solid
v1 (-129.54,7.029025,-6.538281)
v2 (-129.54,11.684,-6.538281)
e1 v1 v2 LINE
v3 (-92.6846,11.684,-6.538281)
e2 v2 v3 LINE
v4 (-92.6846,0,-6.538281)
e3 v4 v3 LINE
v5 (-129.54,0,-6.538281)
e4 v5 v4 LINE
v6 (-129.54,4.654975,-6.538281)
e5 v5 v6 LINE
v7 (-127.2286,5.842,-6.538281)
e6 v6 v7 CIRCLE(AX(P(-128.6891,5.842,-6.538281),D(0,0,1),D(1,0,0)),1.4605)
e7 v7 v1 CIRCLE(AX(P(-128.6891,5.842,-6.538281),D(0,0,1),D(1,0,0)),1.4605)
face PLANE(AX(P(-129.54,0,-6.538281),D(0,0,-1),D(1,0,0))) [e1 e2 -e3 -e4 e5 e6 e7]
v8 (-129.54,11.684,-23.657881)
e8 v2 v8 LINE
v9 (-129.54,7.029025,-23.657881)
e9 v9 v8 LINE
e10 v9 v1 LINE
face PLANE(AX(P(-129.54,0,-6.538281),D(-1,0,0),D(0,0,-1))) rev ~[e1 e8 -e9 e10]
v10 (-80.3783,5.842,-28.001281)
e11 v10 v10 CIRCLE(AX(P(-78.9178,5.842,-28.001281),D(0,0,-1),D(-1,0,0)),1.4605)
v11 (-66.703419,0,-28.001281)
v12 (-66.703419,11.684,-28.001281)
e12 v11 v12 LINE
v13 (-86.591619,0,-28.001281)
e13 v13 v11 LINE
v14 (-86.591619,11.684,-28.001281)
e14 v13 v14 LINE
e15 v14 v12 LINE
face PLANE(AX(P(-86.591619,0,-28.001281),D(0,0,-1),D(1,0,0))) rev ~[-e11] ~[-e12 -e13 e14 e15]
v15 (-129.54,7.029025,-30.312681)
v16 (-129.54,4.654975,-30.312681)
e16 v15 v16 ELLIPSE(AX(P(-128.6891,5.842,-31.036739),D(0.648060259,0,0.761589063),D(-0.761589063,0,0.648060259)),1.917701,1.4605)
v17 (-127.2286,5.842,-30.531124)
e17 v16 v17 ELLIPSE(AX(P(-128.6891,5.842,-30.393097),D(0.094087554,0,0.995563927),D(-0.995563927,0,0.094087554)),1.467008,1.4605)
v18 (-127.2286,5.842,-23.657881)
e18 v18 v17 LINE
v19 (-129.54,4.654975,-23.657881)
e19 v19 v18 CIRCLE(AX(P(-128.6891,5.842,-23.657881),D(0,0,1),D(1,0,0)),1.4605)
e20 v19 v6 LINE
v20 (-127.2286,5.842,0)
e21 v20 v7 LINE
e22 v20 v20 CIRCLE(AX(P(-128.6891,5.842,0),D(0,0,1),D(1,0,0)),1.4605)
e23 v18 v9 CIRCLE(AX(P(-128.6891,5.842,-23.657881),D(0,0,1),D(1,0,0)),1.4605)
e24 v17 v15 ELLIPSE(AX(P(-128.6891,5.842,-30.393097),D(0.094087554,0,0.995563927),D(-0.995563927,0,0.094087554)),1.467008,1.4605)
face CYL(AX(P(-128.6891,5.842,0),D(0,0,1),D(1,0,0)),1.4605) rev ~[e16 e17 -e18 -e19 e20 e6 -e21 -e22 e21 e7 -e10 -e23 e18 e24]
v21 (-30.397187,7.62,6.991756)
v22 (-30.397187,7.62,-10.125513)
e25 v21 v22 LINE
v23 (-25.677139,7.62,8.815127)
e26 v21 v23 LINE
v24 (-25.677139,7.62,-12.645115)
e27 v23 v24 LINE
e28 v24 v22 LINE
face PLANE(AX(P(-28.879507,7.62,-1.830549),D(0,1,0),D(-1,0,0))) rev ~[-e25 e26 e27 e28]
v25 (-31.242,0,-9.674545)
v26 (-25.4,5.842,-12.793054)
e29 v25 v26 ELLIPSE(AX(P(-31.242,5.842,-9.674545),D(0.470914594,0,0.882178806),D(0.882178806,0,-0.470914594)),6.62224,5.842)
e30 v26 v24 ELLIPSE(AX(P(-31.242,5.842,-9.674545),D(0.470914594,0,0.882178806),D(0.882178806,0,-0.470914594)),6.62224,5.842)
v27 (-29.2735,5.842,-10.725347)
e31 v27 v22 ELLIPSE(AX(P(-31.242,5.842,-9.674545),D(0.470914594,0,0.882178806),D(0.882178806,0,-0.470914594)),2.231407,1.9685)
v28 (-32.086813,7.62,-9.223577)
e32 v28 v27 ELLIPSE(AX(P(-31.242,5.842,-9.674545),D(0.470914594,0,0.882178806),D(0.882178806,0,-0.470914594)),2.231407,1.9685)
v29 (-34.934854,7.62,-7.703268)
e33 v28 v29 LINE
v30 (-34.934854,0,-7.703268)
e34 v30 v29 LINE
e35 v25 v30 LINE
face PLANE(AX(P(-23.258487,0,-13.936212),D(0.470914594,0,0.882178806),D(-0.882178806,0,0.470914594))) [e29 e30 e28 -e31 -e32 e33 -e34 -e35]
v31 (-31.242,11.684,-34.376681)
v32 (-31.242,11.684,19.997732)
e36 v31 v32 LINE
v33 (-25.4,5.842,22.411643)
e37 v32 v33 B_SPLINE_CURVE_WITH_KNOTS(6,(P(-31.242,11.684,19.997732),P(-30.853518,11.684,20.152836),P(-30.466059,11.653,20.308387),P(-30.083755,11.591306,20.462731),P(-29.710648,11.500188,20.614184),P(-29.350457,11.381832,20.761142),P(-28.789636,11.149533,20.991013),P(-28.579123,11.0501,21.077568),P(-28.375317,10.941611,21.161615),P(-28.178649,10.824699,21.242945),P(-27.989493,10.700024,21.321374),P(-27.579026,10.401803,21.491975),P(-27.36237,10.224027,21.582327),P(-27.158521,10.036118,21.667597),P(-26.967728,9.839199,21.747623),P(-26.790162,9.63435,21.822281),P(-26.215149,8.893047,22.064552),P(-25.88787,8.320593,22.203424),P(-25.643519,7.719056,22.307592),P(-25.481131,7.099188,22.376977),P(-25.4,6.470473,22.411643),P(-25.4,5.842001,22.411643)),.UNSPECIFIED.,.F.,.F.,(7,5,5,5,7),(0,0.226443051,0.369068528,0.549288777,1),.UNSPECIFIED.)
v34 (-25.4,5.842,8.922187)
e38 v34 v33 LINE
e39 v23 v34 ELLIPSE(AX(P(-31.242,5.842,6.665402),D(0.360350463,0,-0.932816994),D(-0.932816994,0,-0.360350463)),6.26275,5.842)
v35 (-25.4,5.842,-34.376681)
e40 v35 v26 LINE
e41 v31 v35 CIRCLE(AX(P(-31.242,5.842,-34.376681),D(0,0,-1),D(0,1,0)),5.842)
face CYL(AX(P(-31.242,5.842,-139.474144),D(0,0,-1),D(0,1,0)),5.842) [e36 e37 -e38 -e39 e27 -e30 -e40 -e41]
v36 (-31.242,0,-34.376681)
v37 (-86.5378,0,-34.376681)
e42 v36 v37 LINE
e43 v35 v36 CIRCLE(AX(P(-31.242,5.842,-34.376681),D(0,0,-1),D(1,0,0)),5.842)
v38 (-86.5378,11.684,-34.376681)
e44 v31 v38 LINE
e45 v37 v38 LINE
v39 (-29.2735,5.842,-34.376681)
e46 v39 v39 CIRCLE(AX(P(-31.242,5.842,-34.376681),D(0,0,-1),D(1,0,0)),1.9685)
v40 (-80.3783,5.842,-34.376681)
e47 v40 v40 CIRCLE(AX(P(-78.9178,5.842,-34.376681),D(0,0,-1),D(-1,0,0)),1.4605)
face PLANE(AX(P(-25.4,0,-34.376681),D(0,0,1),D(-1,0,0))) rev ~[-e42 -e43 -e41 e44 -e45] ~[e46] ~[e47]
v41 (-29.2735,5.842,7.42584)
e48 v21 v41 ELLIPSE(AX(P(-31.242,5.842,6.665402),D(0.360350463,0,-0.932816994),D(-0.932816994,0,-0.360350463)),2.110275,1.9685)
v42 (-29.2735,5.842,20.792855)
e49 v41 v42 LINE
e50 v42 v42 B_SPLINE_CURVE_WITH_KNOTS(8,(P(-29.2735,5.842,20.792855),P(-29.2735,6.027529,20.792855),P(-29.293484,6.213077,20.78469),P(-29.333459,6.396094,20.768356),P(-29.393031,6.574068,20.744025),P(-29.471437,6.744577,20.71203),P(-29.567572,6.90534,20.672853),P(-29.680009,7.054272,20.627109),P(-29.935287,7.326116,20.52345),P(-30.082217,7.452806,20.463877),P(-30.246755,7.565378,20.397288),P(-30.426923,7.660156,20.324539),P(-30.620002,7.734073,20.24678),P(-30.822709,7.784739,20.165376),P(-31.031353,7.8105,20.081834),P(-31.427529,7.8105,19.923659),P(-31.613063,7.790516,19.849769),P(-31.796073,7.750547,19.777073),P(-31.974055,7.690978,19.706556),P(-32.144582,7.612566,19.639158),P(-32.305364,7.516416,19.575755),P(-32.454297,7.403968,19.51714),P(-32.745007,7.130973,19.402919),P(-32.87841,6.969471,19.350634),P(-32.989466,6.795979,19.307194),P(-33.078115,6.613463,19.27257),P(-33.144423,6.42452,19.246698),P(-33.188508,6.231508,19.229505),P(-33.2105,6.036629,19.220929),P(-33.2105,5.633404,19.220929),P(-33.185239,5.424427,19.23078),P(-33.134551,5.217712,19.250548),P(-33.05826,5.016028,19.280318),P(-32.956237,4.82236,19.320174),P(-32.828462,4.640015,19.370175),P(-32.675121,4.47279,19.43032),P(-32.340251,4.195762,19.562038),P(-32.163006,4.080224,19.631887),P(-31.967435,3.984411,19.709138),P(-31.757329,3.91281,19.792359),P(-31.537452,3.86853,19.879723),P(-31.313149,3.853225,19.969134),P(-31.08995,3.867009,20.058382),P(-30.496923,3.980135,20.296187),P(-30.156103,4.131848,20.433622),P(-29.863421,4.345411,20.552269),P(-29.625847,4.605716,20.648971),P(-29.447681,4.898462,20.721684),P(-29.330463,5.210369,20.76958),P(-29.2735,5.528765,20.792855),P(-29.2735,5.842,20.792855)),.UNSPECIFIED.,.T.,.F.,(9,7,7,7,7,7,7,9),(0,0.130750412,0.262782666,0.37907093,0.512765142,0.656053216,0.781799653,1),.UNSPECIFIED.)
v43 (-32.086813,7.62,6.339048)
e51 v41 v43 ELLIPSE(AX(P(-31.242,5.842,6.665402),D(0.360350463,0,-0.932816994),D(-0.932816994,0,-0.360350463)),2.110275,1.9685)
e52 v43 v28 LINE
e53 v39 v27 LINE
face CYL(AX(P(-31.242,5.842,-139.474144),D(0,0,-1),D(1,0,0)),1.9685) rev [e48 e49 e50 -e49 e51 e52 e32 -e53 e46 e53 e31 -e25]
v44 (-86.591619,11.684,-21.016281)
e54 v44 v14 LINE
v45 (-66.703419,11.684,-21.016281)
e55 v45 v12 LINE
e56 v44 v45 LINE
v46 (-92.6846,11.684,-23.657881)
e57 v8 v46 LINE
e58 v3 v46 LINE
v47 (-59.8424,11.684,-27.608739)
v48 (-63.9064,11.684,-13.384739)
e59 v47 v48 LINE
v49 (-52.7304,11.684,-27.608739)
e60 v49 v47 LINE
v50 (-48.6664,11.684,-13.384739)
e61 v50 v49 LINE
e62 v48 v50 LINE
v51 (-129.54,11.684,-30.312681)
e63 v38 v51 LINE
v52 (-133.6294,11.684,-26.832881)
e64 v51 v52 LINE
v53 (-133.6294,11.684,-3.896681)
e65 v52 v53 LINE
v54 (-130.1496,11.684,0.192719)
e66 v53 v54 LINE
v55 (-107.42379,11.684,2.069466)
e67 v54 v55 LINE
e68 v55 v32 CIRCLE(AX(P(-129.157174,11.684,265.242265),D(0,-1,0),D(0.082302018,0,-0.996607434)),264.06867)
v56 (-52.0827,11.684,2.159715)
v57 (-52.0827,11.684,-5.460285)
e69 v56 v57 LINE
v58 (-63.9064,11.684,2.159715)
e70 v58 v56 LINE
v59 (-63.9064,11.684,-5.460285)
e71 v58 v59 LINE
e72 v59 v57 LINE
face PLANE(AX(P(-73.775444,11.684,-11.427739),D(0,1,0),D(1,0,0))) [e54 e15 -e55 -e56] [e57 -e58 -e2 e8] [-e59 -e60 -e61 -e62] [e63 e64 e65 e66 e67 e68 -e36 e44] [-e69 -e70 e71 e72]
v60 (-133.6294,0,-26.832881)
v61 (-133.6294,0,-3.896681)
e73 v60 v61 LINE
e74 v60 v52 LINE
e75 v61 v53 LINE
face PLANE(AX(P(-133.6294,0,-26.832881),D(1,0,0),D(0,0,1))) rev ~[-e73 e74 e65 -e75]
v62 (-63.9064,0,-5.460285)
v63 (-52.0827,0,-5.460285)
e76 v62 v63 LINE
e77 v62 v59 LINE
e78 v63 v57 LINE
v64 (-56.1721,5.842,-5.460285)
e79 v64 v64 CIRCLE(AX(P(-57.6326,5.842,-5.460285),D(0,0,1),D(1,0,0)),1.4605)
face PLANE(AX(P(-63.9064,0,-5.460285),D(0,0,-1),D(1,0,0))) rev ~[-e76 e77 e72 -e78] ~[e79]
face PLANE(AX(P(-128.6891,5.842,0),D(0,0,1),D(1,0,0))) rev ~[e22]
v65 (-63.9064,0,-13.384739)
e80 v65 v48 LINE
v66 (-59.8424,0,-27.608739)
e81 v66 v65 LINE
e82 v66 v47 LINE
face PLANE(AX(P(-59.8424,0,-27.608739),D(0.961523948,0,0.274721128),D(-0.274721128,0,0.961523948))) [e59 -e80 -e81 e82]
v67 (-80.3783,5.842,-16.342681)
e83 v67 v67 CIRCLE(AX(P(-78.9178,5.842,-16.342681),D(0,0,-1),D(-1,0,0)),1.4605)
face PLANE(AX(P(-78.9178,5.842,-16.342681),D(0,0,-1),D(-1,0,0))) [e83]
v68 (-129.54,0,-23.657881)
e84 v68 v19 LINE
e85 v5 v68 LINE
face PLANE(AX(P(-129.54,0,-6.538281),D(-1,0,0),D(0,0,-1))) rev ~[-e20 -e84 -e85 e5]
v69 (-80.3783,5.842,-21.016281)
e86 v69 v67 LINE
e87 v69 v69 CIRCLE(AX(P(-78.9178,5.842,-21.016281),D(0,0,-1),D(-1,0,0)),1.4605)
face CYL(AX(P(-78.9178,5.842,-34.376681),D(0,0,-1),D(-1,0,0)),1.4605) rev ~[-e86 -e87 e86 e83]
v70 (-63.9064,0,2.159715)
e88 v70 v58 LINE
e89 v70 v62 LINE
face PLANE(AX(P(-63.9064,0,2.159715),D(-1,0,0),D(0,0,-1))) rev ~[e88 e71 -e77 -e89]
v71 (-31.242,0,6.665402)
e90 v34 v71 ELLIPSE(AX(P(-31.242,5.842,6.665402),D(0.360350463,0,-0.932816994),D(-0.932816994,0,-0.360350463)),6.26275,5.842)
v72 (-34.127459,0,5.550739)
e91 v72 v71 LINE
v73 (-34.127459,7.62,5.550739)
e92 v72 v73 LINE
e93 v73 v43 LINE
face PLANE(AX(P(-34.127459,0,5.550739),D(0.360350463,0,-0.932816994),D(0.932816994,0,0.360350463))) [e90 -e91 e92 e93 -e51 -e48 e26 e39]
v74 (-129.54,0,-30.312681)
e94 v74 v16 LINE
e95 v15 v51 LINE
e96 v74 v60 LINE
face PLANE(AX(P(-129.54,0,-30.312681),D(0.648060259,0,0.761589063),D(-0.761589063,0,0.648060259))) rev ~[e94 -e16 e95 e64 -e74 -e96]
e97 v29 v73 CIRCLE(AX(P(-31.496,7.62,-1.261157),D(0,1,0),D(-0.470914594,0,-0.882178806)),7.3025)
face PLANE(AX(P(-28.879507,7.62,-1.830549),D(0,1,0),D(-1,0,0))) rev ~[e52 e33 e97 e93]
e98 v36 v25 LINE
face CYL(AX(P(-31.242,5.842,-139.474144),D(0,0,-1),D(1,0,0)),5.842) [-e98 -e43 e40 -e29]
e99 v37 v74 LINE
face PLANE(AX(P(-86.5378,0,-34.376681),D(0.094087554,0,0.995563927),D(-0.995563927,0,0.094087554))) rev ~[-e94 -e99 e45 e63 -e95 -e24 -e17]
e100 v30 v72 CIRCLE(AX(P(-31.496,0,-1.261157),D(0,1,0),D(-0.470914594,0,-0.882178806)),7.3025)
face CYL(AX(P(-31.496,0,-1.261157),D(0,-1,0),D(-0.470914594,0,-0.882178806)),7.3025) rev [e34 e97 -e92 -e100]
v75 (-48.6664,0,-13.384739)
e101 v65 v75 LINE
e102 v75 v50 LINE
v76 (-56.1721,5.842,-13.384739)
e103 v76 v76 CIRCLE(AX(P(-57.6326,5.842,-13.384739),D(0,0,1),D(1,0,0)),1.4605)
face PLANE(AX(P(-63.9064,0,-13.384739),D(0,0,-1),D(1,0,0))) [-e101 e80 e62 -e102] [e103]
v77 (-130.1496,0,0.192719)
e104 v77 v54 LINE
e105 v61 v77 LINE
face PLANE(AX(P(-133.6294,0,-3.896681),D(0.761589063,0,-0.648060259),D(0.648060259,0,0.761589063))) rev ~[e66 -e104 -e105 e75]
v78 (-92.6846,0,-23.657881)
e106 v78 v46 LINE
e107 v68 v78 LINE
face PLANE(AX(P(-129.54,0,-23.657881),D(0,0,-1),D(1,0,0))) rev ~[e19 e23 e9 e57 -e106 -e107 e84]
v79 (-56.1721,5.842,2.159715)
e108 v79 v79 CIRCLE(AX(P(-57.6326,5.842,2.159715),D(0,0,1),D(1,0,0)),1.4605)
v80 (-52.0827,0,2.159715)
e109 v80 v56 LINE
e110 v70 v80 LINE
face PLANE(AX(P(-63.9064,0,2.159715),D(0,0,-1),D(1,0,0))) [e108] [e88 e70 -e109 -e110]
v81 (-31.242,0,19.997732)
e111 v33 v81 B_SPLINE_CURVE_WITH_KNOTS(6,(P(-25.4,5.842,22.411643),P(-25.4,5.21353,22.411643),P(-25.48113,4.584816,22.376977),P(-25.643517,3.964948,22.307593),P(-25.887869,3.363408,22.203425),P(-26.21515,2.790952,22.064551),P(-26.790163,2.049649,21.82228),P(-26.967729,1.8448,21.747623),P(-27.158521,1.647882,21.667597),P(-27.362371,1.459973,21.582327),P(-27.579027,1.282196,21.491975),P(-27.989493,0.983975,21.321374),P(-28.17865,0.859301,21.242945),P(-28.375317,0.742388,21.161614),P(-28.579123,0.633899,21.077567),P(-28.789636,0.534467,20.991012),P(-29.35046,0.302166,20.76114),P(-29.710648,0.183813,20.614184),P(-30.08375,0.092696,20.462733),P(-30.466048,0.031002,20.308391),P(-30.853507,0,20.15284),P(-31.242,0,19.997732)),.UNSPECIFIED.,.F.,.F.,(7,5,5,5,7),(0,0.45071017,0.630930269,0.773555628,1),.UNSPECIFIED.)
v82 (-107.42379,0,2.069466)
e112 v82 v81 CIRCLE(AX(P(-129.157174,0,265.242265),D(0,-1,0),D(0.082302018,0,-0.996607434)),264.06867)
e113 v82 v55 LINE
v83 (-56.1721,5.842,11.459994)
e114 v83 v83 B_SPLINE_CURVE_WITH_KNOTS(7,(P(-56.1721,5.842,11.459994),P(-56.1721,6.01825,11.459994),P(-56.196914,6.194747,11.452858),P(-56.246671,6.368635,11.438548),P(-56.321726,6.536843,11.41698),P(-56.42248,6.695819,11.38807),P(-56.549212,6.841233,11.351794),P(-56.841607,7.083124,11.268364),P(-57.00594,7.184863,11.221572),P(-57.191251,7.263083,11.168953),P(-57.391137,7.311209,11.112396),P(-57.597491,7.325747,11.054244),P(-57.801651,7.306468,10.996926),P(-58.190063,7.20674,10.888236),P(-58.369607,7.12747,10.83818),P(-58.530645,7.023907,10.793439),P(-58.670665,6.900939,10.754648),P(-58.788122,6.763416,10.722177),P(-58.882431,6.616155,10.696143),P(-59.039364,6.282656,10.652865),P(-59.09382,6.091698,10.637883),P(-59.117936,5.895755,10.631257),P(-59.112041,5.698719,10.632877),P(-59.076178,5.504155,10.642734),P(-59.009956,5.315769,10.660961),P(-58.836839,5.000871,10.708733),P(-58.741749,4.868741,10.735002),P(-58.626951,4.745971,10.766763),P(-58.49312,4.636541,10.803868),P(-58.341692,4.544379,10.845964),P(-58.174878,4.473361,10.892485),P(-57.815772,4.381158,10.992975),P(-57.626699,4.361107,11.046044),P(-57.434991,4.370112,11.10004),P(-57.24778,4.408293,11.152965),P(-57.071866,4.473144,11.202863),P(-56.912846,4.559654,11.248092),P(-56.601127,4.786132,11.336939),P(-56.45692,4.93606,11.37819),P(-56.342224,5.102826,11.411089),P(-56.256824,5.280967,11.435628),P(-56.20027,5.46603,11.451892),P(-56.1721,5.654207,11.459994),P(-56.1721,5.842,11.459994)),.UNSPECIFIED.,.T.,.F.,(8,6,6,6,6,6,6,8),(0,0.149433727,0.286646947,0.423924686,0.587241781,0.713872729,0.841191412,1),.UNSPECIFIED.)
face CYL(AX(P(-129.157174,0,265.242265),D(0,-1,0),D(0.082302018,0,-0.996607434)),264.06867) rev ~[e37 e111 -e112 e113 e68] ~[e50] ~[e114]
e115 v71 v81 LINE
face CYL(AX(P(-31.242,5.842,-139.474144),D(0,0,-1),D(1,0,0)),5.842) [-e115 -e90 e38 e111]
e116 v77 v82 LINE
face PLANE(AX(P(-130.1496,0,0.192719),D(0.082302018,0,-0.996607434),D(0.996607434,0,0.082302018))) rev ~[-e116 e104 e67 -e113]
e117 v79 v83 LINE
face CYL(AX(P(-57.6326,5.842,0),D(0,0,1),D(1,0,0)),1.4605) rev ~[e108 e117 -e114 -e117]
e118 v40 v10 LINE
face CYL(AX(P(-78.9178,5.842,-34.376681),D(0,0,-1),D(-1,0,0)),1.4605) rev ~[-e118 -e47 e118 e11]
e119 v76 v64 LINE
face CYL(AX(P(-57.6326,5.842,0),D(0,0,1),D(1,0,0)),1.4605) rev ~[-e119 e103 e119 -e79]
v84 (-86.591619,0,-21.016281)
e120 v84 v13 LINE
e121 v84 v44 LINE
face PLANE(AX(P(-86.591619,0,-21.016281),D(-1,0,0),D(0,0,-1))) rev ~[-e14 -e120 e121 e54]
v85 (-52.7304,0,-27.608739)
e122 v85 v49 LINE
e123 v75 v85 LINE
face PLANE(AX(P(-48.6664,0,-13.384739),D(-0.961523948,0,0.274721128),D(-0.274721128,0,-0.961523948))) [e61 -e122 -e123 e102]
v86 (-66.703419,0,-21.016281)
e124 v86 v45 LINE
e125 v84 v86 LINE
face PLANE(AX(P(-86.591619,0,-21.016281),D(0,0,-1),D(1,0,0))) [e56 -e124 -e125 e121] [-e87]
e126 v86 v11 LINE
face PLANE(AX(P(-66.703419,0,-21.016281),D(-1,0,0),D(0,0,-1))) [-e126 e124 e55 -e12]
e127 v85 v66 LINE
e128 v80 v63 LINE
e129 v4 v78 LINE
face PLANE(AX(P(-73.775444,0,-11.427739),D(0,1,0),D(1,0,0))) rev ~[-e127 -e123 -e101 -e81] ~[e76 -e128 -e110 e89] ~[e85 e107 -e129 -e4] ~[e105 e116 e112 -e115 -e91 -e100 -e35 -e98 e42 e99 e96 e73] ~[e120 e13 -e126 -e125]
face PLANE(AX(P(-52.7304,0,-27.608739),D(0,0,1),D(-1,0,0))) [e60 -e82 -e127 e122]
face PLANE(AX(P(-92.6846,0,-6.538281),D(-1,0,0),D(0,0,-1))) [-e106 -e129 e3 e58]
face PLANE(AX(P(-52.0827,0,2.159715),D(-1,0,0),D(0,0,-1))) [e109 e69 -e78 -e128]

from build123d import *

# Parameters (mm, degrees)
SKETCH1_W                = 36.8554
SKETCH1_H                = 17.1196
SKETCH1_W_2              = 19.8882
SKETCH1_H_2              = 6.985
SKETCH1_W_3              = 11.8237
SKETCH1_H_3              = 7.62
BOSS_EXTRUDE1_DEPTH      = 11.684
CUT_EXTRUDE7_DEPTH       = 139.474144195
CUT_EXTRUDE7_DEPTH_BACK  = 139.474144195
SKETCH3_R                = 1.4605
CUT_EXTRUDE8_DEPTH       = 139.474144228
SKETCH4_R                = 1.4605
CUT_EXTRUDE9_DEPTH       = 18.034
SKETCH5_R                = 1.4605
CUT_EXTRUDE10_DEPTH      = 16.3195
CUT_EXTRUDE11_DEPTH      = 139.474144228
CUT_EXTRUDE11_DEPTH_BACK = 139.474144228
SKETCH6_R                = 1.9685
CUT_EXTRUDE12_DEPTH      = 7.62


with BuildPart() as part:
    # Sketch1 → Boss-Extrude1 (new body)
    with BuildSketch(Plane(origin=(0, 0, 0), x_dir=(1, 0, 0), z_dir=(0, 1, 0))):
        with BuildLine():
            Line((-25.4, 34.376681198), (-67.6656, 34.376681198))
            Line((-67.6656, 34.376681198), (-86.5378, 34.376681198))
            Line((-86.5378, 34.376681198), (-129.54, 30.312681198))
            Line((-129.54, 30.312681198), (-133.6294, 26.832881198))
            Line((-133.6294, 26.832881198), (-133.6294, 3.896681198))
            Line((-133.6294, 3.896681198), (-130.1496, -0.192718802))
            Line((-130.1496, -0.192718802), (-107.423789895, -2.069465817))
            ThreePointArc((-107.423789895, -2.069465817), (-65.592867309, -8.938068561), (-25.4, -22.411642903))
            Line((-25.4, -22.411642903), (-25.4, 34.376681198))
        make_face()
        with Locations((-111.1123, 15.098081198)):
            Rectangle(SKETCH1_W, SKETCH1_H, mode=Mode.SUBTRACT)
        with Locations((-76.64751862, 24.508781198)):
            Rectangle(SKETCH1_W_2, SKETCH1_H_2, mode=Mode.SUBTRACT)
        with Locations((-57.99455, 1.650285214)):
            Rectangle(SKETCH1_W_3, SKETCH1_H_3, mode=Mode.SUBTRACT)
        Polygon((-63.9064, 13.384739375), (-48.6664, 13.384739375), (-52.7304, 27.608739375), (-59.8424, 27.608739375), align=None, mode=Mode.SUBTRACT)
    extrude(amount=BOSS_EXTRUDE1_DEPTH)

    # Sketch2 → Cut-Extrude7 (cut, two sides: drawn at the far end of the back side and taken through both)
    with BuildSketch(Plane.XY.offset(-CUT_EXTRUDE7_DEPTH_BACK)):
        with BuildLine():
            Line((-25.4, 11.684), (-31.242, 11.684))
            ThreePointArc((-31.242, 11.684), (-27.111082184, 9.972917816), (-25.4, 5.842))
            Line((-25.4, 5.842), (-25.4, 11.684))
        make_face()
        with BuildLine():
            Line((-25.4, 0), (-25.4, 5.842))
            ThreePointArc((-25.4, 5.842), (-27.111082184, 1.711082184), (-31.242, 0))
            Line((-31.242, 0), (-25.4, 0))
        make_face()
    extrude(amount=CUT_EXTRUDE7_DEPTH + CUT_EXTRUDE7_DEPTH_BACK, mode=Mode.SUBTRACT)

    # Sketch3 → Cut-Extrude8 (cut, through all)
    with BuildSketch(Plane.XY):
        with Locations((-128.6891, 5.842)):
            Circle(SKETCH3_R)
    extrude(amount=-CUT_EXTRUDE8_DEPTH, mode=Mode.SUBTRACT)

    # Sketch4 → Cut-Extrude9 (cut)
    with BuildSketch(Plane(origin=(0, 0, -34.376681198), x_dir=(-1, 0, 0), z_dir=(0, 0, -1))):
        with Locations((78.9178, 5.842)):
            Circle(SKETCH4_R)
    extrude(amount=-CUT_EXTRUDE9_DEPTH, mode=Mode.SUBTRACT)

    # Sketch5 → Cut-Extrude10 (cut, symmetric)
    with BuildSketch(Plane.XY):
        with Locations((-57.6326, 5.842)):
            Circle(SKETCH5_R)
    extrude(amount=CUT_EXTRUDE10_DEPTH, both=True, mode=Mode.SUBTRACT)

    # Sketch6 → Cut-Extrude11 (cut, two sides: drawn at the far end of the back side and taken through both)
    with BuildSketch(Plane.XY.offset(-CUT_EXTRUDE11_DEPTH_BACK)):
        with Locations((-31.242, 5.842)):
            Circle(SKETCH6_R)
    extrude(amount=CUT_EXTRUDE11_DEPTH + CUT_EXTRUDE11_DEPTH_BACK, mode=Mode.SUBTRACT)

    # Sketch8 → Cut-Extrude12 (cut)
    with BuildSketch(Plane.XZ):
        with BuildLine():
            Line((-34.127459258, 5.550738999), (-23.258487089, 9.749460917))
            Line((-23.258487089, 9.749460917), (-23.258487089, -12.81023225))
            Line((-23.258487089, -12.81023225), (-23.258487089, -13.936212277))
            Line((-23.258487089, -13.936212277), (-34.934853819, -7.703267827))
            ThreePointArc((-34.934853819, -7.703267827), (-38.784988232, -0.817133676), (-34.127459258, 5.550738999))
        make_face()
    extrude(amount=-CUT_EXTRUDE12_DEPTH, mode=Mode.SUBTRACT)


solid = part.part
